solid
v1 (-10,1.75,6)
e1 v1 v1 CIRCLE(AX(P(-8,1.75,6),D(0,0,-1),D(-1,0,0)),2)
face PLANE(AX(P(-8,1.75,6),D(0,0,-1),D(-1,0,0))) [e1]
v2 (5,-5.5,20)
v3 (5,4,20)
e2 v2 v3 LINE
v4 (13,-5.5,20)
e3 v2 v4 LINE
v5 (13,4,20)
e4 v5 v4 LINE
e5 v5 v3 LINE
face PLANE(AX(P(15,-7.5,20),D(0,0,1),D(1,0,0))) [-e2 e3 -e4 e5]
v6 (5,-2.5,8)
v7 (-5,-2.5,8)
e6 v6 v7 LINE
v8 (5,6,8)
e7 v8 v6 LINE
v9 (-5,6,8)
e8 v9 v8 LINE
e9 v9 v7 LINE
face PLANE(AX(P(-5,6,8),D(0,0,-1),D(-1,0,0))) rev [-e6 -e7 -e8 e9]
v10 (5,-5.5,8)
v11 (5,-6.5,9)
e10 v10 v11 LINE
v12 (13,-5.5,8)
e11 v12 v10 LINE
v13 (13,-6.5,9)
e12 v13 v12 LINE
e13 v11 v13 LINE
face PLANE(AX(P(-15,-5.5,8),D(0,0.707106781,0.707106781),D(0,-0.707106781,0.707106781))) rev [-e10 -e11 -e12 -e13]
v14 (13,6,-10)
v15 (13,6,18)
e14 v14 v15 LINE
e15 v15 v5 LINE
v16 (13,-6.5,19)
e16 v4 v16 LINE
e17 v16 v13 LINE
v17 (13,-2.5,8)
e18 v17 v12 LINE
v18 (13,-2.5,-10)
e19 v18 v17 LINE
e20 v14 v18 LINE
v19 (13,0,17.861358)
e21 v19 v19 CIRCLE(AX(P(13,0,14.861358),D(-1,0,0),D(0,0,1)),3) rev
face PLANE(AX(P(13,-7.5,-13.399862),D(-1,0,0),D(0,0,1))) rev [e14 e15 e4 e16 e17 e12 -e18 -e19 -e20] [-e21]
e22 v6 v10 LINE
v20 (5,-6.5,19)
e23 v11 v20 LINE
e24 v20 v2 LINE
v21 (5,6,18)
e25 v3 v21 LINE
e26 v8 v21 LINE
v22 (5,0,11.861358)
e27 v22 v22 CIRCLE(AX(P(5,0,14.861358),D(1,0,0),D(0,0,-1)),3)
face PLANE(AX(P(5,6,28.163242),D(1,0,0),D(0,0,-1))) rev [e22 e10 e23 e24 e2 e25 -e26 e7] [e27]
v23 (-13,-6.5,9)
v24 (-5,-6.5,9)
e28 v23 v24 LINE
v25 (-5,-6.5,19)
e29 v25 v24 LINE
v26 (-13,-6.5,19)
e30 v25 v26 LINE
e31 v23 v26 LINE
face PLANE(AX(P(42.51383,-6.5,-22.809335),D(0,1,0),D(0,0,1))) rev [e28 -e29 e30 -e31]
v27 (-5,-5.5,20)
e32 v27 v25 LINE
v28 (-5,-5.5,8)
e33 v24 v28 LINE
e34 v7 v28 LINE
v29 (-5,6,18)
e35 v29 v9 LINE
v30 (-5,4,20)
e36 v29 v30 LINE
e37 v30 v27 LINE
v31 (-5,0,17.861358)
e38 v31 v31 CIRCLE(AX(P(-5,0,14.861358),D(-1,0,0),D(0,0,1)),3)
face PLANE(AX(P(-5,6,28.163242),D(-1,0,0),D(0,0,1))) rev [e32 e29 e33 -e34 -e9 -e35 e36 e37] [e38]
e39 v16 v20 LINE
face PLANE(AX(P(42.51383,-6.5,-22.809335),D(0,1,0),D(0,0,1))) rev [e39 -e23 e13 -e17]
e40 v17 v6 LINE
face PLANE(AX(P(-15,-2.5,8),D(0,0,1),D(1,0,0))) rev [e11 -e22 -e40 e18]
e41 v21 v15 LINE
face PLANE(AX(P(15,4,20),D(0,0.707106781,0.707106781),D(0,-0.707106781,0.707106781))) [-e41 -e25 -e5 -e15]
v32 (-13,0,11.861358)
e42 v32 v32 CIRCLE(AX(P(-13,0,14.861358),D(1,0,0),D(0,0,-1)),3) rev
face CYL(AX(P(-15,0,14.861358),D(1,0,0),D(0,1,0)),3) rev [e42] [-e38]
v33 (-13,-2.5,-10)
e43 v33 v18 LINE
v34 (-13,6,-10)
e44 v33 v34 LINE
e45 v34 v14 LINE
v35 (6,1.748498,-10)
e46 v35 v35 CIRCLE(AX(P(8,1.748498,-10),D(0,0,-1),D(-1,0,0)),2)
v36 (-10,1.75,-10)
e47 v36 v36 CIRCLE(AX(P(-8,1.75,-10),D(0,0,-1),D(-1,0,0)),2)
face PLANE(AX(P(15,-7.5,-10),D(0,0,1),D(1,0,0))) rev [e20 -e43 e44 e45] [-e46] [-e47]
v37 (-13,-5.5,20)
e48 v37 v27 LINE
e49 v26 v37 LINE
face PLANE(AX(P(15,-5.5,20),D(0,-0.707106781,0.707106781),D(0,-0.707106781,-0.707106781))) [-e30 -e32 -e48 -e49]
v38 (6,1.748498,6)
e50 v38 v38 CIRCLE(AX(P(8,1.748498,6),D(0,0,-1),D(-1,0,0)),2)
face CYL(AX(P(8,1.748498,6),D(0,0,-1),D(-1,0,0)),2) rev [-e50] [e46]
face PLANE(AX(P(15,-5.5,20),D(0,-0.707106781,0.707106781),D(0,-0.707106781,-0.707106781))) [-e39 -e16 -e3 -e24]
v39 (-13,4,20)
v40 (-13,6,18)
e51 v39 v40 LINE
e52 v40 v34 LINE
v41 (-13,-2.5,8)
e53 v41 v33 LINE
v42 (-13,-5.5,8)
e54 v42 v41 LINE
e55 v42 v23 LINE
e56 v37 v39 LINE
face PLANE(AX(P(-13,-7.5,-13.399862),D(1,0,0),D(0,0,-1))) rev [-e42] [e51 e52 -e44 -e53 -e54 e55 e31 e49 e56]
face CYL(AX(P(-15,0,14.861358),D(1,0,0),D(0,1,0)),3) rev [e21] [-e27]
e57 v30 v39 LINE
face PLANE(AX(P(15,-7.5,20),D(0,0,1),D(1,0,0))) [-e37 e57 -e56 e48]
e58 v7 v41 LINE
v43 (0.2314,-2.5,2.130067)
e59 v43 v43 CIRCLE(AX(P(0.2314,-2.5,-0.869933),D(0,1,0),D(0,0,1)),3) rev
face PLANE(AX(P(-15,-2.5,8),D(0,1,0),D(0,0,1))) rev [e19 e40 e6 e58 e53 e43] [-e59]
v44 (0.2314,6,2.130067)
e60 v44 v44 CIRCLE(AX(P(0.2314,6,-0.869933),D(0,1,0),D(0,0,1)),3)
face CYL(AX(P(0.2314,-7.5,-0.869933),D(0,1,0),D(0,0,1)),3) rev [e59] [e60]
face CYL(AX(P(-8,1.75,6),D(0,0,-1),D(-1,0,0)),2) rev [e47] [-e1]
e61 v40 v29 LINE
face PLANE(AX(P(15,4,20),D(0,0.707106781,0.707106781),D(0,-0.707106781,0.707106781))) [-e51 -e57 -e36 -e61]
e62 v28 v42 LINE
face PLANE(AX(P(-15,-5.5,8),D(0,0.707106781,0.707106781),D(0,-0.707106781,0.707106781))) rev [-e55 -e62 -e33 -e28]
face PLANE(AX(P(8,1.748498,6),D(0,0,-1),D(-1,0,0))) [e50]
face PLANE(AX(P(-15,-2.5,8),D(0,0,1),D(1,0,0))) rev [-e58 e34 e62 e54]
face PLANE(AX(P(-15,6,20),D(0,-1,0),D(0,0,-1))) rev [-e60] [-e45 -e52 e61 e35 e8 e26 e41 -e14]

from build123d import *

# Parameters (mm, degrees)
SKETCH_1_W            = 30
SKETCH_1_H            = 13.5
EXTRUDE_1_DEPTH       = 20
SKETCH_2_W            = 10
SKETCH_2_H            = 20.163242361
CUT_EXTRUDE_2_DEPTH   = 29.41214529
SKETCH_3_R            = 3
CUT_EXTRUDE_3_DEPTH   = 37.827299657
SKETCH_6_W            = 30
SKETCH_6_H            = 13.5
EXTRUDE_5_DEPTH       = 10
SKETCH_7_R            = 3
CUT_EXTRUDE_1_DEPTH   = 29.41214529
SKETCH_8_W            = 30
SKETCH_8_H            = 18
CUT_EXTRUDE_2_2_DEPTH = 5
CHAMFER_1_SIZE        = 2
SKETCH_9_W            = 6.52399098
SKETCH_9_H            = 33.458140235
CUT_EXTRUDE_6_DEPTH   = 29.41214529
SKETCH_14_W           = 84.903926308
SKETCH_14_H           = 44.963333207
CUT_EXTRUDE_10_DEPTH  = 1
SKETCH_15_R           = 2.000000004
CUT_EXTRUDE_3_2_DEPTH = 16


with BuildPart() as part:
    # Эскиз1 → Вытянуть1 (new body)
    with BuildSketch(Plane.XY):
        with Locations((0, -0.75)):
            Rectangle(SKETCH_1_W, SKETCH_1_H)
    extrude(amount=EXTRUDE_1_DEPTH)

    # Эскиз2 → Cut-Extrude 2 (cut, through all)
    with BuildSketch(Plane.XZ.offset(7.5)):
        with Locations((0, 18.081621181)):
            Rectangle(SKETCH_2_W, SKETCH_2_H)
    extrude(amount=-CUT_EXTRUDE_2_DEPTH, mode=Mode.SUBTRACT)

    # Эскиз3 → Cut-Extrude 3 (cut, through all)
    with BuildSketch(Plane(origin=(15, 0, 0), x_dir=(0, 0, -1), z_dir=(1, 0, 0))):
        with Locations(Location((-14.861357689, 0, 0), (0, 0, 90))):
            Circle(SKETCH_3_R)
    extrude(amount=-CUT_EXTRUDE_3_DEPTH, mode=Mode.SUBTRACT)

    # Эскиз6 → Вытянуть5 (add)
    with BuildSketch(Plane(origin=(0, 0, 0), x_dir=(-1, 0, 0), z_dir=(0, 0, -1))):
        with Locations((0, -0.75)):
            Rectangle(SKETCH_6_W, SKETCH_6_H)
    extrude(amount=EXTRUDE_5_DEPTH)

    # Эскиз7 → Вырез-Вытянуть1 (cut, through all)
    with BuildSketch(Plane(origin=(0, 6, 0), x_dir=(1, 0, 0), z_dir=(0, 1, 0))):
        with Locations(Location((0.231400022, 0.869933179, 0), (0, 0, 270))):
            Circle(SKETCH_7_R)
    extrude(amount=-CUT_EXTRUDE_1_DEPTH, mode=Mode.SUBTRACT)

    # Эскиз8 → Cut-Extrude 2 2 (cut)
    with BuildSketch(Plane.XZ.offset(7.5)):
        with Locations((0, -1)):
            Rectangle(SKETCH_8_W, SKETCH_8_H)
    extrude(amount=-CUT_EXTRUDE_2_2_DEPTH, mode=Mode.SUBTRACT)

    # Фаска1
    chamfer_1_edges = [part.edges().sort_by_distance(p)[0] for p in [
        (-10, -7.5, 20),
        (-10, 6, 20),
        (10, -7.5, 20),
        (10, -7.5, 8),
        (-10, -7.5, 8),
        (10, 6, 20),
    ]]
    chamfer(chamfer_1_edges, length=CHAMFER_1_SIZE)

    # Эскиз9 → Вытянуть6 (cut, through all)
    with BuildSketch(Plane(origin=(0, 6, 0), x_dir=(1, 0, 0), z_dir=(0, 1, 0))):
        with Locations((16.26199549, -3.329208479)):
            Rectangle(SKETCH_9_W, SKETCH_9_H)
        with Locations((-16.26199549, -3.329208479)):
            Rectangle(SKETCH_9_W, SKETCH_9_H)
    extrude(amount=-CUT_EXTRUDE_6_DEPTH, mode=Mode.SUBTRACT)

    # Эскиз14 → Вытянуть10 (cut)
    with BuildSketch(Plane.XZ.offset(7.5)):
        with Locations((0.061866905, -0.327668242)):
            Rectangle(SKETCH_14_W, SKETCH_14_H)
    extrude(amount=-CUT_EXTRUDE_10_DEPTH, mode=Mode.SUBTRACT)

    # Эскиз15 → Cut-Extrude 3 2 (cut)
    with BuildSketch(Plane(origin=(0, 0, -10), x_dir=(-1, 0, 0), z_dir=(0, 0, -1))):
        with Locations((-7.999999896, 1.748498224)):
            Circle(SKETCH_15_R)
        with Locations((8.000000104, 1.750000003)):
            Circle(SKETCH_15_R)
    extrude(amount=-CUT_EXTRUDE_3_2_DEPTH, mode=Mode.SUBTRACT)


solid = part.part
